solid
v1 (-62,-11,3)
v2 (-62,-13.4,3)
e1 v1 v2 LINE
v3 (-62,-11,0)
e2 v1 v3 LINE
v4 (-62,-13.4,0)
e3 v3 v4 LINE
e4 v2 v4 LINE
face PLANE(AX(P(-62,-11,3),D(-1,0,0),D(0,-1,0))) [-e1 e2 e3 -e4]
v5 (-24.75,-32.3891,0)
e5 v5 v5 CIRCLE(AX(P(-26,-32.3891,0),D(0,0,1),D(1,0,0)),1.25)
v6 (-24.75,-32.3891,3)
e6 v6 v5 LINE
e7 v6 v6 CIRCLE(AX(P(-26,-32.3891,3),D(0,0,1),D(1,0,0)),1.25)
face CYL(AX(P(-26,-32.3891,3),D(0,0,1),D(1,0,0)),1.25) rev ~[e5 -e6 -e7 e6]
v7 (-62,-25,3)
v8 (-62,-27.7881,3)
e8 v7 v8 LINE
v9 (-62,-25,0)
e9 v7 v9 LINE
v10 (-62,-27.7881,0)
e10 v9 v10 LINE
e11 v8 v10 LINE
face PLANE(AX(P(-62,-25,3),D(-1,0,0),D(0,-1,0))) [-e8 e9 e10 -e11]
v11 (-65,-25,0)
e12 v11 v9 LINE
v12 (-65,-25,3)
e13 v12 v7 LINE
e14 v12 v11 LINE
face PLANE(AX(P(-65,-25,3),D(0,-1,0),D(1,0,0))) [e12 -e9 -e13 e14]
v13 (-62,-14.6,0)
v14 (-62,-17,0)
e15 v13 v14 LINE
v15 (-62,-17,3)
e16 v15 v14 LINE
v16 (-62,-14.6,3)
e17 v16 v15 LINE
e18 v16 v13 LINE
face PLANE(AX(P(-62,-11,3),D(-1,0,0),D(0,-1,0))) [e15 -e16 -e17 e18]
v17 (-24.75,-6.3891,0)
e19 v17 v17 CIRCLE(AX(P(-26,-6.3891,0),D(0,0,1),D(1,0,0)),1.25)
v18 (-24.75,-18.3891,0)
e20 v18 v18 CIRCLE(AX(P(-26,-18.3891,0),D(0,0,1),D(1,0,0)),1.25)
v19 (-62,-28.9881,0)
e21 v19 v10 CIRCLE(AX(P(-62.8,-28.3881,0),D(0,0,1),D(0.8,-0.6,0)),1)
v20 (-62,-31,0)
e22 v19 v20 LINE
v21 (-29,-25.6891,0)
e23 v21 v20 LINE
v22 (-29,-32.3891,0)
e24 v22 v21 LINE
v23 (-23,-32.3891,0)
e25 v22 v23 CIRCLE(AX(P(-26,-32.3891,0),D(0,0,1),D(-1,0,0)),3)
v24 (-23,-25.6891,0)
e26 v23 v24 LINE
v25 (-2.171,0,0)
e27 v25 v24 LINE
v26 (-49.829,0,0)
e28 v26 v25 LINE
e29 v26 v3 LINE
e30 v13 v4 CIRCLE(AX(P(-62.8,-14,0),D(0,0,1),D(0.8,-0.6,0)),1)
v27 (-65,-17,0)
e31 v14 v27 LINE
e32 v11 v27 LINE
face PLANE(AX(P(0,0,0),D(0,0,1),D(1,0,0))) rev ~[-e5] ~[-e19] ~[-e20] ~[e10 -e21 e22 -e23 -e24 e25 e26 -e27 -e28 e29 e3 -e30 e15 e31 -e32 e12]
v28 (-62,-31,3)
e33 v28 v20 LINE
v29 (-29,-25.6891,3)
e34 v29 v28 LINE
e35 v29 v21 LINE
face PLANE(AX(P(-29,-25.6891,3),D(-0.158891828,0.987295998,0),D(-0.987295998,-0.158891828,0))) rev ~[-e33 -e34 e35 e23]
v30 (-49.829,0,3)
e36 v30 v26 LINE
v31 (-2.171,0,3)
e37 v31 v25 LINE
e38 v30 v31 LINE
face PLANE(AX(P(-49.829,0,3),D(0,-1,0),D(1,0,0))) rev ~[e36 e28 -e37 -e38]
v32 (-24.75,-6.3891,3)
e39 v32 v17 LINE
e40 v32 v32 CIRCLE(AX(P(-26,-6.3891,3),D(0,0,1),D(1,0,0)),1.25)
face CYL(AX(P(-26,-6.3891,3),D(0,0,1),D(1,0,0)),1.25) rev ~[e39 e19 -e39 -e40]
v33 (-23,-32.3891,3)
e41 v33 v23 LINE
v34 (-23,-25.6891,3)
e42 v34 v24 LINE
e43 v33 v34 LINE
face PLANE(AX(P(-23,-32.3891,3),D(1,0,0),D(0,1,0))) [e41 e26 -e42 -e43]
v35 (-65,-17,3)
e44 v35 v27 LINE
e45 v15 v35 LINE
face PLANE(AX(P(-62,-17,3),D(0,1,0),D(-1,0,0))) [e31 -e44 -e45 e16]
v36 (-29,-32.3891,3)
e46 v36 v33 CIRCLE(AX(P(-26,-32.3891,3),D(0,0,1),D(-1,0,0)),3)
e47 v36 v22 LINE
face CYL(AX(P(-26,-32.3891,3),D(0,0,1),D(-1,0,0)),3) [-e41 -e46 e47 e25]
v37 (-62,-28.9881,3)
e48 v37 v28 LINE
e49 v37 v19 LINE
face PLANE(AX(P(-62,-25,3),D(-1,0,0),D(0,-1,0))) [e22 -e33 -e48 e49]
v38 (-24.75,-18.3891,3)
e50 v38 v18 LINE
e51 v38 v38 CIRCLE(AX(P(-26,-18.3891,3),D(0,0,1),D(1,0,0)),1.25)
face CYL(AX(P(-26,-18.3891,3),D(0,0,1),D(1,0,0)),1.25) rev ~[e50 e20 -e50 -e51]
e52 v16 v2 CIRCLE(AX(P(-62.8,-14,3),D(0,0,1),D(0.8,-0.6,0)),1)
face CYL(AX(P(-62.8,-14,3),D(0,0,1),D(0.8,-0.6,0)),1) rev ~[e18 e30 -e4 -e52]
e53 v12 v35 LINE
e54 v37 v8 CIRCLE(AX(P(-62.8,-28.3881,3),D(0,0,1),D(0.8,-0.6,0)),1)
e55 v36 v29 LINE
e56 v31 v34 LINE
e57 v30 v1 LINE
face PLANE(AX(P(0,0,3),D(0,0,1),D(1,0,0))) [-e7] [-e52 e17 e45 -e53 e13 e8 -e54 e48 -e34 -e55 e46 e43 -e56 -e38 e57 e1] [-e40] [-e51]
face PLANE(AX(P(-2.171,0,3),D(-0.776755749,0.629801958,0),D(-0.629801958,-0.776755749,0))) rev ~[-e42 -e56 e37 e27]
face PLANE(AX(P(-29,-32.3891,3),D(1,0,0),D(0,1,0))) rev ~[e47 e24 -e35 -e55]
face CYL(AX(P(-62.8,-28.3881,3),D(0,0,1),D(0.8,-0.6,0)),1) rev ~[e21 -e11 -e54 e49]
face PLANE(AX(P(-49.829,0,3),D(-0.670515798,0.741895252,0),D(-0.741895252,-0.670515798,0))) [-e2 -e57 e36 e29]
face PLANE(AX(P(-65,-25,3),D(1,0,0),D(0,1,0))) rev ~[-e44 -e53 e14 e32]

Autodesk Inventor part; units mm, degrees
ref_plane "YZ Plane" through (0, 0, 0) normal (1, 0, 0) x (0, 1, 0)
ref_plane "XZ Plane" through (0, 0, 0) normal (0, 1, 0) x (-1, 0, 0)
ref_plane "XY Plane" through (0, 0, 0) normal (0, 0, 1) x (1, 0, 0)
sketch "スケッチ1" plane through (0, 0, 0) normal (0, 0, 1) x (1, 0, 0)
  line L0 (0, 0) -> (-65, 0)
  line L1 (-65, 0) -> (-65, -60)
  line L2 (-65, -60) -> (0, -60)
  line L3 (0, -60) -> (0, 0)
  dimension "d0" = 65
  dimension "d1" = 60
extrude "押し出し1" add sketch "スケッチ1" along normal blind 3
sketch "スケッチ2" plane through (0, 0, 3) normal (0, 0, 1) x (1, 0, 0)
  line L0 (-29, -25.6891) -> (-49.829, 0)
  line L1 (-2.171, 0) -> (-23, -25.6891)
  line L2 (-62, -31) -> (-65, -31)
  line L3 (-65, -31) -> (-65, -25)
  line L4 (-65, -25) -> (-62, -25)
  line L5 (-62, -25) -> (-62, -31)
  line L6 (-62, -17) -> (-65, -17)
  line L7 (-65, -17) -> (-65, -11)
  line L8 (-65, -11) -> (-62, -11)
  line L9 (-62, -11) -> (-62, -17)
  line L10 (-65, 4) -> (-62, 4)
  line L11 (-62, 4) -> (-62, 0)
  line L12 (-62, 0) -> (-65, 0)
  line L13 (-65, -4) -> (-65, 0)
  line L14 (-62, -4) -> (-65, -4)
  line L15 (-62, 0) -> (-62, -4)
  line L16 (-65, 0) -> (-65, 4)
  line L17 (-65, -40) -> (-62, -40)
  line L18 (0, 0) -> (0, -60) projected
  line L19 (0, -60) -> (-65, -60) projected
  line L20 (-65, -60) -> (-65, 0) projected
  line L21 (-65, 0) -> (0, 0) projected
  line L22 (-49.829, 0) -> (-62, -11)
  arc A0 (-29, -32.3891) -> (-23, -32.3891) centre (-26, -32.3891) ccw
  line L23 (-26, -32.3891) -> (-26, -29.3891) construction
  circle A1 centre (-26, -32.3891) radius 1.25
  line L24 (-23, -32.3891) -> (-23, -25.6891)
  line L25 (-29, -32.3891) -> (-29, -25.6891)
  circle A2 centre (-26, -18.3891) radius 1.25
  circle A3 centre (-26, -6.3891) radius 1.25
  line L26 (-29, -25.6891) -> (-62, -31)
  dimension "d4" = 6
  dimension "d5" = 2.5
  dimension "d6" = 3
  dimension "d7" = 2.5
  dimension "d8" = 2.5
  dimension "d9" = 14
  dimension "d10" = 26
extrude "押し出し2" cut sketch "スケッチ2" against normal blind 3 contours L26 L5 L4 L20 L6 L9 L22 L0 | L0 L21 L1 L24 A0 L25 keep common part
sketch "スケッチ3" plane through (0, 0, 3) normal (0, 0, 1) x (1, 0, 0)
  circle A0 centre (-26, -6.3891) radius 1.25 projected
  circle A1 centre (-26, -18.3891) radius 1.25 projected
  circle A2 centre (-26, -32.3891) radius 1.25 projected
  line L0 (-62, -25) -> (-65, -25) projected
  line L1 (-65, -25) -> (-65, -17) projected
  line L2 (-65, -17) -> (-62, -17) projected
  line L3 (-62, -17) -> (-62, -11) projected
  line L4 (-62, -11) -> (-49.829, 0) projected
  line L5 (-49.829, 0) -> (-2.171, 0) projected
  line L6 (-2.171, 0) -> (-23, -25.6891) projected
  line L7 (-23, -25.6891) -> (-23, -32.3891) projected
  arc A3 (-29, -32.3891) -> (-23, -32.3891) centre (-26, -32.3891) ccw projected
  line L8 (-29, -32.3891) -> (-29, -25.6891) projected
  line L9 (-29, -25.6891) -> (-62, -31) projected
  line L10 (-62, -31) -> (-62, -25) projected
  arc A4 (-62, -28.9881) -> (-62, -27.7881) centre (-62.8, -28.3881) ccw
  arc A5 (-62, -14.6) -> (-62, -13.4) centre (-62.8, -14) ccw
  point P0 (0, 0)
  dimension "d13" = 2
  dimension "d14" = 2
  dimension "d15" = 3
  dimension "d16" = 3.3881
  dimension "d17" = 0.8
extrude "押し出し3" cut sketch "スケッチ3" against normal blind 3 contours A4 L10 | L3 A5
sketch "スケッチ4" plane through (0, 0, 3) normal (0, 0, 1) x (1, 0, 0)
  circle A0 centre (-26, -6.3891) radius 1.25 projected
  circle A1 centre (-26, -18.3891) radius 1.25 projected
  circle A2 centre (-26, -32.3891) radius 1.25 projected
  line L0 (-29, -32.3891) -> (-29, -25.6891) projected
  line L1 (-29, -25.6891) -> (-62, -31) projected
  line L2 (-62, -31) -> (-62, -28.9881) projected
  arc A3 (-62, -28.9881) -> (-62, -27.7881) centre (-62.8, -28.3881) ccw projected
  line L3 (-62, -27.7881) -> (-62, -25) projected
  line L4 (-62, -25) -> (-65, -25) projected
  line L5 (-65, -25) -> (-65, -17) projected
  line L6 (-65, -17) -> (-62, -17) projected
  line L7 (-62, -17) -> (-62, -14.6) projected
  arc A4 (-62, -14.6) -> (-62, -13.4) centre (-62.8, -14) ccw projected
  line L8 (-62, -13.4) -> (-62, -11) projected
  line L9 (-62, -11) -> (-49.829, 0) projected
  line L10 (-49.829, 0) -> (-2.171, 0) projected
  line L11 (-2.171, 0) -> (-23, -25.6891) projected
  line L12 (-23, -25.6891) -> (-23, -32.3891) projected
  arc A5 (-29, -32.3891) -> (-23, -32.3891) centre (-26, -32.3891) ccw projected
  line L13 (-58, -25) -> (-61, -25)
  line L14 (-61, -25) -> (-61, -17)
  line L15 (-61, -17) -> (-58, -17)
  line L16 (-65, -17) -> (-65, -25) projected
  line L17 (-62, -25) -> (-65, -25) projected
  circle A6 centre (-58.8, -28.3881) radius 1
  circle A7 centre (-58.8, -14) radius 1
  arc A8 (-62, -14.6) -> (-62, -13.4) centre (-62.8, -14) ccw projected
  line L18 (-49.829, 0) -> (-58, -11)
  line L19 (-58, -31) -> (-29, -25.6891)
  line L20 (-29, -25.6891) -> (-49.829, 0)
  line L21 (-58, -31) -> (-58, -28.9881)
  line L22 (-58, -27.7881) -> (-58, -25)
  line L23 (-58, -17) -> (-58, -14.6)
  line L24 (-58, -13.4) -> (-58, -11)
  dimension "d26" = 3
  dimension "d27" = 6
  dimension "d28" = 6
  dimension "d29" = 4
sketch "スケッチ5" plane through (0, 0, 3) normal (0, 0, 1) x (1, 0, 0)
  circle A0 centre (-26, -6.3891) radius 1.25 projected
  circle A1 centre (-26, -18.3891) radius 1.25 projected
  circle A2 centre (-26, -32.3891) radius 1.25 projected
  line L0 (-29, -32.3891) -> (-29, -25.6891) projected
  line L1 (-29, -25.6891) -> (-62, -31) projected
  line L2 (-62, -31) -> (-62, -28.9881) projected
  arc A3 (-62, -28.9881) -> (-62, -27.7881) centre (-62.8, -28.3881) ccw projected
  line L3 (-62, -27.7881) -> (-62, -25) projected
  line L4 (-62, -25) -> (-65, -25) projected
  line L5 (-65, -25) -> (-65, -17) projected
  line L6 (-65, -17) -> (-62, -17) projected
  line L7 (-62, -17) -> (-62, -14.6) projected
  arc A4 (-62, -14.6) -> (-62, -13.4) centre (-62.8, -14) ccw projected
  line L8 (-62, -13.4) -> (-62, -11) projected
  line L9 (-62, -11) -> (-49.829, 0) projected
  line L10 (-49.829, 0) -> (-2.171, 0) projected
  line L11 (-2.171, 0) -> (-23, -25.6891) projected
  line L12 (-23, -25.6891) -> (-23, -32.3891) projected
  arc A5 (-29, -32.3891) -> (-23, -32.3891) centre (-26, -32.3891) ccw projected
  circle A6 centre (-26, -6.3891) radius 1.25 projected
  circle A7 centre (-26, -18.3891) radius 1.25 projected
  circle A8 centre (-26, -32.3891) radius 1.25 projected
  line L13 (-29, -32.3891) -> (-29, -25.6891) projected
  line L14 (-29, -25.6891) -> (-62, -31) projected
  line L15 (-62, -31) -> (-62, -28.9881) projected
  arc A9 (-62, -28.9881) -> (-62, -27.7881) centre (-62.8, -28.3881) ccw projected
  line L16 (-62, -27.7881) -> (-62, -25) projected
  line L17 (-62, -25) -> (-65, -25) projected
  line L18 (-65, -25) -> (-65, -17) projected
  line L19 (-65, -17) -> (-62, -17) projected
  line L20 (-62, -17) -> (-62, -14.6) projected
  arc A10 (-62, -14.6) -> (-62, -13.4) centre (-62.8, -14) ccw projected
  line L21 (-62, -13.4) -> (-62, -11) projected
  line L22 (-62, -11) -> (-49.829, 0) projected
  line L23 (-49.829, 0) -> (-2.171, 0) projected
  line L24 (-2.171, 0) -> (-23, -25.6891) projected
  line L25 (-23, -25.6891) -> (-23, -32.3891) projected
  arc A11 (-29, -32.3891) -> (-23, -32.3891) centre (-26, -32.3891) ccw projected
  circle A12 centre (-26, -6.3891) radius 1.25 projected
  circle A13 centre (-26, -18.3891) radius 1.25 projected
  circle A14 centre (-26, -32.3891) radius 1.25 projected
  line L26 (-29, -32.3891) -> (-29, -25.6891) projected
  line L27 (-29, -25.6891) -> (-62, -31) projected
  line L28 (-62, -31) -> (-62, -28.9881) projected
  arc A15 (-62, -28.9881) -> (-62, -27.7881) centre (-62.8, -28.3881) ccw projected
  line L29 (-62, -27.7881) -> (-62, -25) projected
  line L30 (-62, -25) -> (-65, -25) projected
  line L31 (-65, -25) -> (-65, -17) projected
  line L32 (-65, -17) -> (-62, -17) projected
  line L33 (-62, -17) -> (-62, -14.6) projected
  arc A16 (-62, -14.6) -> (-62, -13.4) centre (-62.8, -14) ccw projected
  line L34 (-62, -13.4) -> (-62, -11) projected
  line L35 (-62, -11) -> (-49.829, 0) projected
  line L36 (-49.829, 0) -> (-2.171, 0) projected
  line L37 (-2.171, 0) -> (-23, -25.6891) projected
  line L38 (-23, -25.6891) -> (-23, -32.3891) projected
  arc A17 (-29, -32.3891) -> (-23, -32.3891) centre (-26, -32.3891) ccw projected
  arc A18 (-62, -14.6) -> (-62, -13.4) centre (-62.8, -14) ccw projected
  line L39 (-62, -17) -> (-62, -14.6) projected
  line L40 (-65, -17) -> (-62, -17) projected
  line L41 (-65, -17) -> (-65, -25) projected
  line L42 (-62, -25) -> (-65, -25) projected
  line L43 (-62, -27.7881) -> (-62, -25) projected
  arc A19 (-62, -28.9881) -> (-62, -27.7881) centre (-62.8, -28.3881) ccw projected
  line L44 (-62, -31) -> (-62, -28.9881) projected
  line L45 (-29, -25.6891) -> (-62, -31) projected
  line L46 (-29, -32.3891) -> (-29, -25.6891) projected
  arc A20 (-29, -32.3891) -> (-23, -32.3891) centre (-26, -32.3891) ccw projected
  line L47 (-23, -25.6891) -> (-23, -32.3891) projected
  line L48 (-2.171, 0) -> (-23, -25.6891) projected
  line L49 (-2.171, 0) -> (-49.829, 0) projected
  line L50 (-62, -11) -> (-49.829, 0) projected
  line L51 (-62, -13.4) -> (-62, -11) projected
  circle A21 centre (-26, -32.3891) radius 1.25 projected
  circle A22 centre (-26, -18.3891) radius 1.25 projected
  circle A23 centre (-26, -6.3891) radius 1.25 projected
  line L52 (-29, -25.6891) -> (-49.829, 0)
  line L53 (-29, -25.6891) -> (-65.9346, -36.6422)
  line L54 (-65.9346, -36.6422) -> (-73.9425, -10.887)
  line L55 (-73.9425, -10.887) -> (-49.829, 0)
  point P0 (0, 0)
extrude "押し出し4" [suppressed]
extrude "押し出し5" [suppressed]
sketch "スケッチ6" plane through (0, 0, 0) normal (0, 0, -1) x (-1, 0, 0)
  circle A0 centre (26, -32.3891) radius 1.25 projected
  circle A1 centre (26, -18.3891) radius 1.25 projected
  circle A2 centre (26, -6.3891) radius 1.25 projected
  arc A3 (62, -13.4) -> (62, -14.6) centre (62.8, -14) ccw projected
  line L0 (62, -11) -> (62, -13.4) projected
  line L1 (49.829, 0) -> (62, -11) projected
  line L2 (2.171, 0) -> (49.829, 0) projected
  line L3 (23, -25.6891) -> (2.171, 0) projected
  line L4 (23, -32.3891) -> (23, -25.6891) projected
  arc A4 (23, -32.3891) -> (29, -32.3891) centre (26, -32.3891) ccw projected
  line L5 (29, -25.6891) -> (29, -32.3891) projected
  line L6 (62, -31) -> (29, -25.6891) projected
  line L7 (62, -28.9881) -> (62, -31) projected
  arc A5 (62, -27.7881) -> (62, -28.9881) centre (62.8, -28.3881) ccw projected
  line L8 (62, -25) -> (62, -27.7881) projected
  line L9 (65, -25) -> (62, -25) projected
  line L10 (65, -17) -> (65, -25) projected
  line L11 (62, -17) -> (65, -17) projected
  line L12 (62, -14.6) -> (62, -17) projected
  point P0 (0, 0)
equation "\"d28\" = d27"
properties part number "handPlate"
